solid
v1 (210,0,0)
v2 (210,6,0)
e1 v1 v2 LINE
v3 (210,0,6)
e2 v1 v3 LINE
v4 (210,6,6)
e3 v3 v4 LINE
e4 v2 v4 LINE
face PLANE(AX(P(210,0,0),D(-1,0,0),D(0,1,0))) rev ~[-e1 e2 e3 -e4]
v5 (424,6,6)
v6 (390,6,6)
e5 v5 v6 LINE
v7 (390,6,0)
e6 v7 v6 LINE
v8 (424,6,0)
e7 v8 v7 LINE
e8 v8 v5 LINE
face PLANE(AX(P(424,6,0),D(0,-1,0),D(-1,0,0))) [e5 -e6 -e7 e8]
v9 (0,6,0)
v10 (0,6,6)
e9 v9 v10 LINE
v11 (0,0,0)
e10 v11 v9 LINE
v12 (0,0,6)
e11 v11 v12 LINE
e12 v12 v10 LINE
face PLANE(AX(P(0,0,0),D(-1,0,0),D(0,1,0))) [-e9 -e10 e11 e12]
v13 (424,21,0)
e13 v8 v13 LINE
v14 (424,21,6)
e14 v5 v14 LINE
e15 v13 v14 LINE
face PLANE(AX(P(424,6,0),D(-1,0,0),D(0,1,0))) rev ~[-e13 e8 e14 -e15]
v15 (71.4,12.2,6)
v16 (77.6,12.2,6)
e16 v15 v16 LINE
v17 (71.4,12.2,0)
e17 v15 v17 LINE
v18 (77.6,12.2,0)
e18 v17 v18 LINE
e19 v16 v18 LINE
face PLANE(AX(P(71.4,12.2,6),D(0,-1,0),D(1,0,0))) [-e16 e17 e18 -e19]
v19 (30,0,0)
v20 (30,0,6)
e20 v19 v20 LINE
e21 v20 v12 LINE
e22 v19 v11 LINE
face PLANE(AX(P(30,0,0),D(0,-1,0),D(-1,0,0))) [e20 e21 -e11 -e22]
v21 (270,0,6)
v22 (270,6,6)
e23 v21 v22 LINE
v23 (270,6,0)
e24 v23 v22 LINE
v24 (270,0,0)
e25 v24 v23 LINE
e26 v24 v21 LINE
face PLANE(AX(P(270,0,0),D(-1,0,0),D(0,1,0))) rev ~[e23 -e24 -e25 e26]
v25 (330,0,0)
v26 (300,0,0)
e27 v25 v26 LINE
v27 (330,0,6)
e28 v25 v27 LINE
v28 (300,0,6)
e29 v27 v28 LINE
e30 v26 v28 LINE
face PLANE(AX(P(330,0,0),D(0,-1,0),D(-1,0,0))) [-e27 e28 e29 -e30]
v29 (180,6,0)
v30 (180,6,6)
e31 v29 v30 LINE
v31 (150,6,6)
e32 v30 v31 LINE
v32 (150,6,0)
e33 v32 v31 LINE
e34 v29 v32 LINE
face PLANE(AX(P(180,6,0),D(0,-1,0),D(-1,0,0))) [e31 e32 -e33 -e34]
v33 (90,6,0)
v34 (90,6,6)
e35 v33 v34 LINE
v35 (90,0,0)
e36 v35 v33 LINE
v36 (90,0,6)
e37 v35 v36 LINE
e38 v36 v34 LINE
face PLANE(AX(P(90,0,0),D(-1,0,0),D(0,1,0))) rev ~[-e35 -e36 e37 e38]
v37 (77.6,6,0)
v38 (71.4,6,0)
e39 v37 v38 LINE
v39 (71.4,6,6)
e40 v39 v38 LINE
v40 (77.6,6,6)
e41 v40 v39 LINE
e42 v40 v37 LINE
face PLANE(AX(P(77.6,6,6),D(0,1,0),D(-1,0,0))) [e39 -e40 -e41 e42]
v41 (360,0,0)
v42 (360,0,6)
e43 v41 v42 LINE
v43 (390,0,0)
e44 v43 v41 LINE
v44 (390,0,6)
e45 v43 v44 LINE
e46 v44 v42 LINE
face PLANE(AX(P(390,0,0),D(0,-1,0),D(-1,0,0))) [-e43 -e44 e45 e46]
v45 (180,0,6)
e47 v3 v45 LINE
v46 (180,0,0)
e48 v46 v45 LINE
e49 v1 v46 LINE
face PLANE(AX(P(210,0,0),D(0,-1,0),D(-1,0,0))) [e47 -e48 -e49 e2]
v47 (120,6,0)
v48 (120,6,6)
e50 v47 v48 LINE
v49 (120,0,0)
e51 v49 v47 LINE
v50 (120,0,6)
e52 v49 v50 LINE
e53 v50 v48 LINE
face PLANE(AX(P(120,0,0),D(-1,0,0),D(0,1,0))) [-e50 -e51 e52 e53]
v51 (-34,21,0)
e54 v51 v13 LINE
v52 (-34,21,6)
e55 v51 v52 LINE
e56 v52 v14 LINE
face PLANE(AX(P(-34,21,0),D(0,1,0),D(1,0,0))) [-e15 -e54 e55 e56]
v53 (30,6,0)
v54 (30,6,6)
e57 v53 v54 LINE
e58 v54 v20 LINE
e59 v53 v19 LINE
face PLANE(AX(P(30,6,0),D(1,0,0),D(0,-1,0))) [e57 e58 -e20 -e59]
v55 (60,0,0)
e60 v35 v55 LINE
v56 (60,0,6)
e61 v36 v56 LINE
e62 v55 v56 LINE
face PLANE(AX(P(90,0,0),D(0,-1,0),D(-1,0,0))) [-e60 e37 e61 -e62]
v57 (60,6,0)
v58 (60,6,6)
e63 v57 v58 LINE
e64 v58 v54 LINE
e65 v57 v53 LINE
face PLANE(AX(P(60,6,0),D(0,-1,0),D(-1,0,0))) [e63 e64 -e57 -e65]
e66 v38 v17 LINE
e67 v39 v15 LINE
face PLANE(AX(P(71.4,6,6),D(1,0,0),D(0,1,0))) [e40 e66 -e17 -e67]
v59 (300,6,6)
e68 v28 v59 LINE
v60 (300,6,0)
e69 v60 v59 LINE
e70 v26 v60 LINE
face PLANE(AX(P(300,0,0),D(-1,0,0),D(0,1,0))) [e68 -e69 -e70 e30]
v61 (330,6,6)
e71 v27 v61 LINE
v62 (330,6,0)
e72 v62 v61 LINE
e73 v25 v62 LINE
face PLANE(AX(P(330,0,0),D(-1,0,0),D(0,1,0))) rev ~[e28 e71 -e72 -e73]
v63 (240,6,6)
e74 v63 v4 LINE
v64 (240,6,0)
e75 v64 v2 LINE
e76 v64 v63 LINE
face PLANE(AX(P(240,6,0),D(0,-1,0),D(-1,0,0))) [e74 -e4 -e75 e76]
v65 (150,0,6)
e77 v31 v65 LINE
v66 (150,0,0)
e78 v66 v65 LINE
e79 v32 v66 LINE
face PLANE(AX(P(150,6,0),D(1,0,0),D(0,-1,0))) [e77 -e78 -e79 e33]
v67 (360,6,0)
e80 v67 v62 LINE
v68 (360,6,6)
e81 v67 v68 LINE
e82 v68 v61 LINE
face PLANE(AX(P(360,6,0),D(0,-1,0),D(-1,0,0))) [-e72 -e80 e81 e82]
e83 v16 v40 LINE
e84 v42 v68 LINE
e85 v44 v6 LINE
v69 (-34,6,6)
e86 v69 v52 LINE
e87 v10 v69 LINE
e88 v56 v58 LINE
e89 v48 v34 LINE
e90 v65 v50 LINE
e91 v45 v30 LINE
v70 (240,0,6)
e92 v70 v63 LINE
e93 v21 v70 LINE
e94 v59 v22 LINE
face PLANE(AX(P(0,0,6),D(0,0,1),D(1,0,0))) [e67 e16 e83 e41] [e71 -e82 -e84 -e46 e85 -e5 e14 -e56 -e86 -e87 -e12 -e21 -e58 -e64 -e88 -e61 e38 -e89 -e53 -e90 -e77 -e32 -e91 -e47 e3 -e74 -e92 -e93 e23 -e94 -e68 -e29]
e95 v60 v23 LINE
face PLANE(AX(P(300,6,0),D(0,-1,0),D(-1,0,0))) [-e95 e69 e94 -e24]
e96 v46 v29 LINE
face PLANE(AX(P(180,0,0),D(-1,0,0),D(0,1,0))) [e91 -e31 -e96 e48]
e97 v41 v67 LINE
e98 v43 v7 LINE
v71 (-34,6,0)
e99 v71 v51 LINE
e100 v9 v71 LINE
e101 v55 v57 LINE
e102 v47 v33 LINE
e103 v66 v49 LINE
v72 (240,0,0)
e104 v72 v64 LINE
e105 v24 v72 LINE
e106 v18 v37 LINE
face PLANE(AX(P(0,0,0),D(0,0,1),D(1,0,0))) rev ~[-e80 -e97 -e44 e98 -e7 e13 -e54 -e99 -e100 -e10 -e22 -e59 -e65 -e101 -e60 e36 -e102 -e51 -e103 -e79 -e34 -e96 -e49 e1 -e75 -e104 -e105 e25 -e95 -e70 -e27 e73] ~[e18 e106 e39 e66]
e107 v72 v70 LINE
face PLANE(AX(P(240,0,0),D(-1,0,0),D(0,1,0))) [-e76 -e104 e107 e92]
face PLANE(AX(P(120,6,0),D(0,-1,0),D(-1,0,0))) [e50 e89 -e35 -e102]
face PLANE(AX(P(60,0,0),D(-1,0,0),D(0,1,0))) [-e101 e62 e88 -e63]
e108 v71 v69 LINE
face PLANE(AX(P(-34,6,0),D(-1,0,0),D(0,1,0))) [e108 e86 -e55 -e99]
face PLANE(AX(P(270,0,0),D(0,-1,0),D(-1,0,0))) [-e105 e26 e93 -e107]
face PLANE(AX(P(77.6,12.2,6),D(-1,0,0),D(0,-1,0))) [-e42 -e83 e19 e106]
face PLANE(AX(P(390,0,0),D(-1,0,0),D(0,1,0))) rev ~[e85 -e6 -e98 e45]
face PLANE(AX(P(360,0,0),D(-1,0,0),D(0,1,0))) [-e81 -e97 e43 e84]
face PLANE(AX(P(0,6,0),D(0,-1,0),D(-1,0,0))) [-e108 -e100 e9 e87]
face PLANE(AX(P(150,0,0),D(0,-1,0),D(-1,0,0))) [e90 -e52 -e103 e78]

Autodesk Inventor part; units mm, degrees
ref_plane "YZ Plane" through (0, 0, 0) normal (1, 0, 0) x (0, 1, 0)
ref_plane "XZ Plane" through (0, 0, 0) normal (0, 1, 0) x (-1, 0, 0)
ref_plane "XY Plane" through (0, 0, 0) normal (0, 0, 1) x (1, 0, 0)
ref_plane "Work Plane1" through (0, 0, 0) normal (0, 0, 1) x (1, 0, 0)
sketch "Sketch1" plane through (0, 0, 0) normal (0, 0, 1) x (1, 0, 0)
  line L0 (-40, 0) -> (-40, 6)
  line L1 (-40, 6) -> (-34, 6)
  line L2 (0, 6) -> (-34, 6)
  line L3 (0, 6) -> (30, 6)
  line L4 (60, 6) -> (30, 6)
  line L5 (60, 6) -> (90, 6)
  line L6 (120, 6) -> (90, 6)
  line L7 (120, 6) -> (150, 6)
  line L8 (150, 6) -> (150, 0)
  line L9 (150, 0) -> (180, 0)
  line L10 (180, 0) -> (180, 6)
  line L11 (180, 6) -> (150, 6)
  line L12 (180, 6) -> (210, 6)
  line L13 (180, 0) -> (180, 6)
  line L14 (210, 0) -> (180, 0)
  line L15 (210, 0) -> (210, 6)
  line L16 (240, 0) -> (240, 6)
  line L17 (240, 6) -> (210, 6)
  line L18 (210, 6) -> (210, 0)
  line L19 (210, 0) -> (240, 0)
  line L20 (120, 6) -> (150, 6)
  line L21 (120, 0) -> (120, 6)
  line L22 (150, 0) -> (120, 0)
  line L23 (150, 0) -> (150, 6)
  line L24 (60, 6) -> (90, 6)
  line L25 (60, 0) -> (60, 6)
  line L26 (90, 0) -> (60, 0)
  line L27 (90, 0) -> (90, 6)
  line L28 (90, 6) -> (90, 0)
  line L29 (90, 0) -> (120, 0)
  line L30 (120, 0) -> (120, 6)
  line L31 (120, 6) -> (90, 6)
  line L32 (30, 6) -> (30, 0)
  line L33 (30, 0) -> (60, 0)
  line L34 (60, 0) -> (60, 6)
  line L35 (60, 6) -> (30, 6)
  line L36 (-34, 6) -> (-34, 0)
  line L37 (-34, 0) -> (0, 0)
  line L38 (0, 0) -> (0, 6)
  line L39 (0, 6) -> (-34, 6)
  line L40 (240, 0) -> (240, 6)
  line L41 (240, 6) -> (210, 6)
  line L42 (210, 6) -> (210, 0)
  line L43 (210, 0) -> (240, 0)
  line L44 (150, 6) -> (150, 0)
  line L45 (150, 0) -> (180, 0)
  line L46 (180, 0) -> (180, 6)
  line L47 (180, 6) -> (150, 6)
  line L48 (90, 6) -> (90, 0)
  line L49 (90, 0) -> (120, 0)
  line L50 (120, 0) -> (120, 6)
  line L51 (120, 6) -> (90, 6)
  line L52 (240, 6) -> (270, 6)
  line L53 (240, 0) -> (240, 6)
  line L54 (270, 0) -> (240, 0)
  line L55 (270, 0) -> (270, 6)
  line L56 (300, 0) -> (300, 6)
  line L57 (300, 6) -> (270, 6)
  line L58 (270, 6) -> (270, 0)
  line L59 (270, 0) -> (300, 0)
  line L60 (300, 6) -> (330, 6)
  line L61 (300, 0) -> (300, 6)
  line L62 (330, 0) -> (300, 0)
  line L63 (330, 0) -> (330, 6)
  line L64 (360, 0) -> (360, 6)
  line L65 (360, 6) -> (330, 6)
  line L66 (330, 6) -> (330, 0)
  line L67 (330, 0) -> (360, 0)
  line L68 (360, 6) -> (390, 6)
  line L69 (360, 0) -> (360, 6)
  line L70 (390, 0) -> (360, 0)
  line L71 (390, 0) -> (390, 6)
  line L72 (424, 0) -> (424, 6)
  line L73 (424, 6) -> (390, 6)
  line L74 (390, 6) -> (390, 0)
  line L75 (390, 0) -> (424, 0)
  line L76 (424, 6) -> (430, 6)
  line L77 (424, 0) -> (424, 6)
  line L78 (430, 0) -> (424, 0)
  line L79 (430, 6) -> (430, 0)
  line L80 (-40, 6) -> (-40, 21)
  line L81 (-40, 21) -> (430, 21)
  line L82 (430, 21) -> (430, 6)
  line L83 (0, 6) -> (30, 6)
  line L84 (0, 0) -> (0, 6)
  line L85 (30, 0) -> (0, 0)
  line L86 (30, 0) -> (30, 6)
  line L87 (-40, 6) -> (-34, 6)
  line L88 (-40, 0) -> (-40, 6)
  line L89 (-34, 0) -> (-40, 0)
  line L90 (-34, 0) -> (-34, 6)
  line L91 (-34, 6) -> (-34, 21)
  line L92 (424, 6) -> (424, 21)
  dimension "d0" = 15
extrude "Plate1" add sketch "Sketch1" along normal blind 6 contours L91 L81 L92 L73 L68 L65 L60 L57 L52 L17 L12 L11 L7 L6 L5 L4 L3 L2 | L38 L3 L32 L85 | L25 L5 L27 L26 | L71 L70 L64 L68 | L21 L7 L8 L22 | L63 L62 L56 L60 | L10 L12 L15 L14 | L55 L54 L16 L52
sketch "Sketch2" plane through (0, 0, 6) normal (0, 0, 1) x (1, 0, 0)
  line L0 (71.2707, 6) -> (65.2707, 6) projected
  line L1 (83.7293, 6) -> (77.7293, 6) projected
  line L2 (-34, 6) -> (-34, 21) projected
  line L3 (0, 6) -> (-34, 6) projected
  line L4 (0, 0) -> (0, 6) projected
  line L5 (30, 0) -> (0, 0) projected
  line L6 (30, 6) -> (30, 0) projected
  line L7 (60, 6) -> (30, 6) projected
  line L8 (60, 0) -> (60, 6) projected
  line L9 (90, 0) -> (60, 0) projected
  line L10 (90, 6) -> (90, 0) projected
  line L11 (120, 6) -> (90, 6) projected
  line L12 (120, 0) -> (120, 6) projected
  line L13 (150, 0) -> (120, 0) projected
  line L14 (150, 6) -> (150, 0) projected
  line L15 (180, 6) -> (150, 6) projected
  line L16 (180, 0) -> (180, 6) projected
  line L17 (210, 0) -> (180, 0) projected
  line L18 (210, 6) -> (210, 0) projected
  line L19 (240, 6) -> (210, 6) projected
  line L20 (240, 0) -> (240, 6) projected
  line L21 (270, 0) -> (240, 0) projected
  line L22 (270, 6) -> (270, 0) projected
  line L23 (300, 6) -> (270, 6) projected
  line L24 (300, 0) -> (300, 6) projected
  line L25 (330, 0) -> (300, 0) projected
  line L26 (330, 6) -> (330, 0) projected
  line L27 (360, 6) -> (330, 6) projected
  line L28 (360, 0) -> (360, 6) projected
  line L29 (390, 0) -> (360, 0) projected
  line L30 (390, 6) -> (390, 0) projected
  line L31 (424, 6) -> (390, 6) projected
  line L32 (424, 21) -> (424, 6) projected
  line L33 (-34, 21) -> (424, 21) projected
  line L34 (77.6, 6) -> (71.4, 6)
  line L35 (71.4, 6) -> (71.4, 12.2)
  line L36 (71.4, 12.2) -> (77.6, 12.2)
  line L37 (77.6, 12.2) -> (77.6, 6)
  line L38 (71.2707, 6) -> (77.7293, 6) construction
  point P0 (0, 0)
  point P1 (74.5, 6)
  point P2 (74.5, 6)
  dimension "d2" = 6.2
  dimension "d3" = 6.2
extrude "Cut1" cut sketch "Sketch2" against normal blind 6 contours L34 L35 L36 L37
equation "\"d3\" = d2"
equation "\"d4\" = Thickness"
equation "\"d1\" = Thickness"
equation "\"BendRadius\" = Thickness"
equation "\"BendReliefWidth\" = Thickness"
equation "\"BendReliefDepth\" = 0.5 * Thickness"
equation "\"CornerReliefSize\" = 4 * Thickness"
equation "\"MinimumRemnant\" = 2 * Thickness"
equation "\"TransitionRadius\" = BendRadius"
equation "\"JacobiRadiusSize\" = BendRadius"
equation "\"GapSize\" = Thickness"
equation "\"Thickness\" = 6"
properties part number "voorzijde onderkant elektrobox v2" material "Wood (Birch)"
